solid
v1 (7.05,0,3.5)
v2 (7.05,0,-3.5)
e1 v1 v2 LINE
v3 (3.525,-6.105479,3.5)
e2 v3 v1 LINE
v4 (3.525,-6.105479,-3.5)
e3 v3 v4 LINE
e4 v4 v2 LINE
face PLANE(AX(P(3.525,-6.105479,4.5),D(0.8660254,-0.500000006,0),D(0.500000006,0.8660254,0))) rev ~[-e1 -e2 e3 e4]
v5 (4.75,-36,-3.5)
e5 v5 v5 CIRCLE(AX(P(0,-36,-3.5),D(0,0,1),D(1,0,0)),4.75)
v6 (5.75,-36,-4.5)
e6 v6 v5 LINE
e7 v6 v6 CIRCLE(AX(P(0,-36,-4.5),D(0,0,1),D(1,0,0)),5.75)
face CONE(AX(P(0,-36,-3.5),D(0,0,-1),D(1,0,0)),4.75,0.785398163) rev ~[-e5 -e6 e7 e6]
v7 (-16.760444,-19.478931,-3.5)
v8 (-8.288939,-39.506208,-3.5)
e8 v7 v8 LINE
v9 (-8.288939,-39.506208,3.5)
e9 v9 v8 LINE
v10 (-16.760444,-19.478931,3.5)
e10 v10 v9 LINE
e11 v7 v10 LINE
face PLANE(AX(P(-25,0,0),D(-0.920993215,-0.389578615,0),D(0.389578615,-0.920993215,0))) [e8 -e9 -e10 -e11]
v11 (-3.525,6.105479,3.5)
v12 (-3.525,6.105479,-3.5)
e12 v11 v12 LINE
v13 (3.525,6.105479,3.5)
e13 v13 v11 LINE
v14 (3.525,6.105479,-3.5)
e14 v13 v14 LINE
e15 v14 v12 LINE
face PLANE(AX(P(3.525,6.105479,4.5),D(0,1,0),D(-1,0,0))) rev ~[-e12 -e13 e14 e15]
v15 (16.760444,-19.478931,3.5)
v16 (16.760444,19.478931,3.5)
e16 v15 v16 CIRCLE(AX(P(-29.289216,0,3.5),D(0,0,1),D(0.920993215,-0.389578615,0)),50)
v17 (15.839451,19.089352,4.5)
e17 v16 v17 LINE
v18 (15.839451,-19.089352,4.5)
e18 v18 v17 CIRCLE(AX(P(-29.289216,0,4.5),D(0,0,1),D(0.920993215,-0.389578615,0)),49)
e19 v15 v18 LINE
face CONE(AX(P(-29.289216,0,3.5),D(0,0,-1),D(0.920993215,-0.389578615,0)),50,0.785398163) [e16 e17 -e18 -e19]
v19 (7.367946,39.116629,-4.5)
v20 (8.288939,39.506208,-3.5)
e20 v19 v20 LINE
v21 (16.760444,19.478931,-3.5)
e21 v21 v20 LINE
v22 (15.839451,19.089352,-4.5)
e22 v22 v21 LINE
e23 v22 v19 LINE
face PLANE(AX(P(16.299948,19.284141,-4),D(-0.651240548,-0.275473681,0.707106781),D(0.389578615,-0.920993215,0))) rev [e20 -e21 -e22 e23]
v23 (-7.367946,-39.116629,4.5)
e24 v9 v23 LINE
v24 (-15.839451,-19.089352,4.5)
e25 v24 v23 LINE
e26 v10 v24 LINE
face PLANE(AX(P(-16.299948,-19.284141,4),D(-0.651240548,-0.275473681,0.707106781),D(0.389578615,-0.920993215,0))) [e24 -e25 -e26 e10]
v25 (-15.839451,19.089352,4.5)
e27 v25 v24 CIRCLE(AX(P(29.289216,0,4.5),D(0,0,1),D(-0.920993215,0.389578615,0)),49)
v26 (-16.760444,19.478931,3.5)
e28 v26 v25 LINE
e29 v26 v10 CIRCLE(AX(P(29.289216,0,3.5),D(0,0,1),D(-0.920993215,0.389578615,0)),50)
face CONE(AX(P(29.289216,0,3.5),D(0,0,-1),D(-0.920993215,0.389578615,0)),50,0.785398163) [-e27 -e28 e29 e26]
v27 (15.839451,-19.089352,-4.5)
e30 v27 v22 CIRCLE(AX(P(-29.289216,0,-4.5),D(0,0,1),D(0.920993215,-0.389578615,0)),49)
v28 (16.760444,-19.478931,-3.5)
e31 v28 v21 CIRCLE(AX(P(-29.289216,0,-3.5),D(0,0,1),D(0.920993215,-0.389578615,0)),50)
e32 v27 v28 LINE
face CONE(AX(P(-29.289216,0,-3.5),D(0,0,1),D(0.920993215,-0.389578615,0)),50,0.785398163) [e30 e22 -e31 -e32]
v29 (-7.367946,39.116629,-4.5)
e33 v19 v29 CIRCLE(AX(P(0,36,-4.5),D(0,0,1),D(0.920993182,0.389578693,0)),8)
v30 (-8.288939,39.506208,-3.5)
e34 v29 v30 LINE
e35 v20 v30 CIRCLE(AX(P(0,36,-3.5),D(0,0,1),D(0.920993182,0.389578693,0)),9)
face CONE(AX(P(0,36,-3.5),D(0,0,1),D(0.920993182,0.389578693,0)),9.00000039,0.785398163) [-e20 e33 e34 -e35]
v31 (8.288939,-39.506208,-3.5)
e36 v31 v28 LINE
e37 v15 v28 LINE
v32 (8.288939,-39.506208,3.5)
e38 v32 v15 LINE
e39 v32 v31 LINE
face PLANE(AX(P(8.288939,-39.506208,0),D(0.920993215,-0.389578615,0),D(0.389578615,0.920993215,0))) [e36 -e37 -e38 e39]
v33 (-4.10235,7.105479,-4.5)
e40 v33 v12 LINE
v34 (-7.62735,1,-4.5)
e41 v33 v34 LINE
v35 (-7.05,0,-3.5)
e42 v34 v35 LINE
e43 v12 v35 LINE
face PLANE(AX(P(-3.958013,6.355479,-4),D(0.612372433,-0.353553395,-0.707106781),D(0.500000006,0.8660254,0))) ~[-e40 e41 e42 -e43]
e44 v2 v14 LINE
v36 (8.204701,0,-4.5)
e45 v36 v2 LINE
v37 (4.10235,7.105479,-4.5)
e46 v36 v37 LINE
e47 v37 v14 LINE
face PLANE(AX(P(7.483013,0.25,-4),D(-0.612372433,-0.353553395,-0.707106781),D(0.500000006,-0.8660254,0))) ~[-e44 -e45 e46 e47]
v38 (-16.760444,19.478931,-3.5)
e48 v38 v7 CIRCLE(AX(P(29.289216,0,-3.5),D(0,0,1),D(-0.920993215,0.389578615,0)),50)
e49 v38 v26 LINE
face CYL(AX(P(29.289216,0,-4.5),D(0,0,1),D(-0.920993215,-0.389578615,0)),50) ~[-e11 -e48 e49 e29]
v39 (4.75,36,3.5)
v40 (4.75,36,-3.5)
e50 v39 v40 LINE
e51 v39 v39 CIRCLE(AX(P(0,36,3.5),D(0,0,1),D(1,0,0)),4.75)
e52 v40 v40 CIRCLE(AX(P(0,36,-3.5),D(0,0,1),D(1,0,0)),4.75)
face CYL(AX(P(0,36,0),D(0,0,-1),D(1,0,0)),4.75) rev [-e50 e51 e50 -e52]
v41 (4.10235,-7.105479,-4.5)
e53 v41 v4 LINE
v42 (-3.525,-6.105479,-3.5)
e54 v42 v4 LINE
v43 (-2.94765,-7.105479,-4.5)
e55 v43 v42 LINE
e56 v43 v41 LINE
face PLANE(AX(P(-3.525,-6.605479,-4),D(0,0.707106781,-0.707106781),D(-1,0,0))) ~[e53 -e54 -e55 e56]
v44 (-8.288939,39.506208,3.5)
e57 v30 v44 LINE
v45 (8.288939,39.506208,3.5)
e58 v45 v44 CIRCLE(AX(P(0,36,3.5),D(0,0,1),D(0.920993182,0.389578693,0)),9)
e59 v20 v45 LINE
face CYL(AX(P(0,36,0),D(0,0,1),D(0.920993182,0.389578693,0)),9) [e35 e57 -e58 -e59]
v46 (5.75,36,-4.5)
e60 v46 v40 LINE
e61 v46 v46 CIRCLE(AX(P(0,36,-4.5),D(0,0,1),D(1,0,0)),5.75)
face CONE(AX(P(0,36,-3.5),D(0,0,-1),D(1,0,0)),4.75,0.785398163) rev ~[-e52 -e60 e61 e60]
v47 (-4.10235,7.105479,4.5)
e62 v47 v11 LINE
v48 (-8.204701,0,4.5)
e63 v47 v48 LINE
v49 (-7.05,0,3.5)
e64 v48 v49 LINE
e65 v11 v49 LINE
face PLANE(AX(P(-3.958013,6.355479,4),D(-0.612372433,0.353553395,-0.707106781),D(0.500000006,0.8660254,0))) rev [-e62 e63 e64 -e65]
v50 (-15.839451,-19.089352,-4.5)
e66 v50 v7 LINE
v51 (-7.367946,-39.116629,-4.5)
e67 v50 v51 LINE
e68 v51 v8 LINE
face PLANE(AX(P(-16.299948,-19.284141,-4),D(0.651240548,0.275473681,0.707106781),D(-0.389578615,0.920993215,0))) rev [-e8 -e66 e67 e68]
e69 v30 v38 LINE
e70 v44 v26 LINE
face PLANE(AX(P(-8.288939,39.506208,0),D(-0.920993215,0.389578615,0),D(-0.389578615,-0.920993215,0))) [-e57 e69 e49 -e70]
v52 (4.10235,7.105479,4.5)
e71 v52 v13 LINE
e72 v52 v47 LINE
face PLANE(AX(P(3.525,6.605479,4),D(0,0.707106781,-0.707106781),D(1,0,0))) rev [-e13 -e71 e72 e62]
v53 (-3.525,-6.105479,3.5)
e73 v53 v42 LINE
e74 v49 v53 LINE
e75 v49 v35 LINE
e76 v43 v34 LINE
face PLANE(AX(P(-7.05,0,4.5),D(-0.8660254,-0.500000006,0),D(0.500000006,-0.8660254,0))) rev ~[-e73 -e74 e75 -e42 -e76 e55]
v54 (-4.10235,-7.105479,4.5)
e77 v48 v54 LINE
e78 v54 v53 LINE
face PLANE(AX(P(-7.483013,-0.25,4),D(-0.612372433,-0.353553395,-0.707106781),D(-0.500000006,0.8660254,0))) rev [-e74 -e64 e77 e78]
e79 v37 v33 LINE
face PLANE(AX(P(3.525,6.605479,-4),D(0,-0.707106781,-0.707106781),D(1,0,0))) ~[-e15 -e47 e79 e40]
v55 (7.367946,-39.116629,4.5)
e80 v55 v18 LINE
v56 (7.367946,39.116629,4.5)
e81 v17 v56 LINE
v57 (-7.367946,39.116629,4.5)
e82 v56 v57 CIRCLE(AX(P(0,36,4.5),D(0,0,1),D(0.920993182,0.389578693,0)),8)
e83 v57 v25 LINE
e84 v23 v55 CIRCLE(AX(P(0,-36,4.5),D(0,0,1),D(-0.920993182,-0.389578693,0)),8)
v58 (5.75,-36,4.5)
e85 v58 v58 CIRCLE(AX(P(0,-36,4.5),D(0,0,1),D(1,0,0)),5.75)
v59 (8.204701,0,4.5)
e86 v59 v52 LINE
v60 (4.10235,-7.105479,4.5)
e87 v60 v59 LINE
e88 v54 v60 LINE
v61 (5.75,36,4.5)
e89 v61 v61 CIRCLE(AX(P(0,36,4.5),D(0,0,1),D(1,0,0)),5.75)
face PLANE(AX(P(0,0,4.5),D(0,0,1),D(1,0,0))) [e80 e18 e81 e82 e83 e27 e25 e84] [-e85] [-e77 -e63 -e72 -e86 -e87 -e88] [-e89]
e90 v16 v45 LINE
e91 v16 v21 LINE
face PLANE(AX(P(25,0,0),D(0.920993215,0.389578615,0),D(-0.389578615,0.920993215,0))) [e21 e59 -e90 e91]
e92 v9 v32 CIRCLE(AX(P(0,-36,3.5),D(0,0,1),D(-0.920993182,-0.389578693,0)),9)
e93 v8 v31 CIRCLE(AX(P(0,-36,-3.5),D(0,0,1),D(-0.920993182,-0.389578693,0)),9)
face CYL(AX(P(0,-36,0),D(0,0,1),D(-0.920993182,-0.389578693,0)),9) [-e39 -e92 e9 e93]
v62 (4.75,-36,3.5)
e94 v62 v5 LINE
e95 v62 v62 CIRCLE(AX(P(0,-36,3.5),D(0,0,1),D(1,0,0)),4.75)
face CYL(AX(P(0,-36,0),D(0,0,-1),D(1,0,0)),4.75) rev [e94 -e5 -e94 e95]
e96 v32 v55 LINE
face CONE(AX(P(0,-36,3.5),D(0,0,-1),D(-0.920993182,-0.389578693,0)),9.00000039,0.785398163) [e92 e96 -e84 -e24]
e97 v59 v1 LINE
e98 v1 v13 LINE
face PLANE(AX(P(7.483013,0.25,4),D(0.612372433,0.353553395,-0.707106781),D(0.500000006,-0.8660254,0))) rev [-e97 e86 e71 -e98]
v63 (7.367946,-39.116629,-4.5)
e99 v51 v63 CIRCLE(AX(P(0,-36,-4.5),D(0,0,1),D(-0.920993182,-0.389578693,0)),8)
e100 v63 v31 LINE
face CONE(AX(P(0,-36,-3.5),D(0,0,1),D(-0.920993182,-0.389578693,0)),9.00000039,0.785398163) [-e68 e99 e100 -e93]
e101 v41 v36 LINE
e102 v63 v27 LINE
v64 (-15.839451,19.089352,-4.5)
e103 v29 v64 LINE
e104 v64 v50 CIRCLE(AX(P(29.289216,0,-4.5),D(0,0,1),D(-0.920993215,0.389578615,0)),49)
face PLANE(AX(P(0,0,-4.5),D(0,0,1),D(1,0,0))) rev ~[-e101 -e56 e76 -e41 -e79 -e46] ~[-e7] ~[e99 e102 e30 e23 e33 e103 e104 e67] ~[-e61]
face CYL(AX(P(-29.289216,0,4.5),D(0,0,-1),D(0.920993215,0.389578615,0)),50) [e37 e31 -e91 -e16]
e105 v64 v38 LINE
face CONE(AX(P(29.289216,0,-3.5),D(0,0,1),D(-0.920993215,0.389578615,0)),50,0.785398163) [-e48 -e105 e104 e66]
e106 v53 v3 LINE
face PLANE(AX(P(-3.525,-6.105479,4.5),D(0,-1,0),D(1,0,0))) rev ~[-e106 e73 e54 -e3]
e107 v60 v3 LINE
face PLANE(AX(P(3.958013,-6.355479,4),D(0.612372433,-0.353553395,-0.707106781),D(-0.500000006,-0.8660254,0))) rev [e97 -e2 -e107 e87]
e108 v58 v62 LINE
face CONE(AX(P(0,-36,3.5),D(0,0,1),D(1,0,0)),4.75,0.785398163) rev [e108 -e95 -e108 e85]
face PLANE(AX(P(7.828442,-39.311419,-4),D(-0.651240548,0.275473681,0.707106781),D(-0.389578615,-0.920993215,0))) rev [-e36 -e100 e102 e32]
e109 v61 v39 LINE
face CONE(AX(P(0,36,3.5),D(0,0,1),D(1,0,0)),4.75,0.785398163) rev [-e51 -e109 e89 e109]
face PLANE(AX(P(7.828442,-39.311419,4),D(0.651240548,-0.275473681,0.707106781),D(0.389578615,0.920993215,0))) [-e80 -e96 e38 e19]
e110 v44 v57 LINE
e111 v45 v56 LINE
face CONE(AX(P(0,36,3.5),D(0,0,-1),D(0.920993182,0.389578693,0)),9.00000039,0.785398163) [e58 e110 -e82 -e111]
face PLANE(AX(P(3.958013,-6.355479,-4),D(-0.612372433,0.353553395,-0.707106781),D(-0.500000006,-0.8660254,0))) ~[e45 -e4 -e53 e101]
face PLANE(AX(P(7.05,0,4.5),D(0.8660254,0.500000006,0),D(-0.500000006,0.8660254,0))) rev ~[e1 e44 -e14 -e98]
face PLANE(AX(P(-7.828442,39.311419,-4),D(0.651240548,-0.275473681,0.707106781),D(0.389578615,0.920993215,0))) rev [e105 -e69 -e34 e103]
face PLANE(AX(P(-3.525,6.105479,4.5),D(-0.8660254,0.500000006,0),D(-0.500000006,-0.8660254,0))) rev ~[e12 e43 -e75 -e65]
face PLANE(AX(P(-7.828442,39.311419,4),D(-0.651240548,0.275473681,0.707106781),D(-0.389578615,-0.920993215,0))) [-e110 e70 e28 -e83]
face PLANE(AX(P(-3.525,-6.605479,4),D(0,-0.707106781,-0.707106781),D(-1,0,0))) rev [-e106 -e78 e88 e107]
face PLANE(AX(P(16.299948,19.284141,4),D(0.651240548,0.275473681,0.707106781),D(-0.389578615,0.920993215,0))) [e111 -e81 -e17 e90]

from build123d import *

# Parameters (mm, degrees)
F0_R     = 4.75
F1_DEPTH = 4.5
F2_R     = 50
F3_SIZE  = 1
F5_DEPTH = 25
F6_SIZE  = 1


with BuildPart() as f1:
    # F0 (on Top) → F1 (new body, symmetric)
    with BuildSketch(Plane.XY):
        with BuildLine():
            Line((25, 0), (8.288939, 39.506208))
            ThreePointArc((8.288939, 39.506208), (0, 45), (-8.288939, 39.506208))
            Line((-8.288939, 39.506208), (-25, 0))
            Line((-25, 0), (-8.288939, -39.506208))
            ThreePointArc((-8.288939, -39.506208), (0, -45), (8.288939, -39.506208))
            Line((8.288939, -39.506208), (25, 0))
        make_face()
        with Locations((0, -36)):
            Circle(F0_R, mode=Mode.SUBTRACT)
        with Locations((0, 36)):
            Circle(F0_R, mode=Mode.SUBTRACT)
    extrude(amount=F1_DEPTH, both=True)

    # F2
    f2_edges = [f1.edges().sort_by_distance(p)[0] for p in [
        (-25, 0, 0),
        (25, 0, 0),
    ]]
    fillet(f2_edges, radius=F2_R)

    # F3
    f3_edges = [f1.edges().sort_by_distance(p)[0] for p in [
        (0, 45, 4.5),
        (0, 45, -4.5),
        (-12.524692, -29.492569, 4.5),
        (-12.524692, -29.492569, -4.5),
    ]]
    chamfer(f3_edges, length=F3_SIZE)

    # F4 (on face) → F5 (cut)
    with BuildSketch(Plane.XY.offset(4.5)):
        Polygon((-3.525, 6.105479), (-7.05, 0), (-3.525, -6.105479), (3.525, -6.105479), (7.05, 0), (3.525, 6.105479), align=None)
    extrude(amount=-F5_DEPTH, mode=Mode.SUBTRACT)

    # F6
    f6_edges = [f1.edges().sort_by_distance(p)[0] for p in [
        (-4.75, 36, 4.5),
        (-4.75, 36, -4.5),
        (-4.75, -36, 4.5),
        (-4.75, -36, -4.5),
        (0, -6.105479, 4.5),
        (-5.2875, -3.05274, 4.5),
        (-5.2875, 3.05274, 4.5),
        (0, 6.105479, 4.5),
        (5.2875, 3.05274, 4.5),
        (5.2875, -3.05274, 4.5),
        (0, -6.105479, -4.5),
        (5.2875, -3.05274, -4.5),
        (5.2875, 3.05274, -4.5),
        (0, 6.105479, -4.5),
        (-5.2875, 3.05274, -4.5),
    ]]
    chamfer(f6_edges, length=F6_SIZE)


solid = f1.part
